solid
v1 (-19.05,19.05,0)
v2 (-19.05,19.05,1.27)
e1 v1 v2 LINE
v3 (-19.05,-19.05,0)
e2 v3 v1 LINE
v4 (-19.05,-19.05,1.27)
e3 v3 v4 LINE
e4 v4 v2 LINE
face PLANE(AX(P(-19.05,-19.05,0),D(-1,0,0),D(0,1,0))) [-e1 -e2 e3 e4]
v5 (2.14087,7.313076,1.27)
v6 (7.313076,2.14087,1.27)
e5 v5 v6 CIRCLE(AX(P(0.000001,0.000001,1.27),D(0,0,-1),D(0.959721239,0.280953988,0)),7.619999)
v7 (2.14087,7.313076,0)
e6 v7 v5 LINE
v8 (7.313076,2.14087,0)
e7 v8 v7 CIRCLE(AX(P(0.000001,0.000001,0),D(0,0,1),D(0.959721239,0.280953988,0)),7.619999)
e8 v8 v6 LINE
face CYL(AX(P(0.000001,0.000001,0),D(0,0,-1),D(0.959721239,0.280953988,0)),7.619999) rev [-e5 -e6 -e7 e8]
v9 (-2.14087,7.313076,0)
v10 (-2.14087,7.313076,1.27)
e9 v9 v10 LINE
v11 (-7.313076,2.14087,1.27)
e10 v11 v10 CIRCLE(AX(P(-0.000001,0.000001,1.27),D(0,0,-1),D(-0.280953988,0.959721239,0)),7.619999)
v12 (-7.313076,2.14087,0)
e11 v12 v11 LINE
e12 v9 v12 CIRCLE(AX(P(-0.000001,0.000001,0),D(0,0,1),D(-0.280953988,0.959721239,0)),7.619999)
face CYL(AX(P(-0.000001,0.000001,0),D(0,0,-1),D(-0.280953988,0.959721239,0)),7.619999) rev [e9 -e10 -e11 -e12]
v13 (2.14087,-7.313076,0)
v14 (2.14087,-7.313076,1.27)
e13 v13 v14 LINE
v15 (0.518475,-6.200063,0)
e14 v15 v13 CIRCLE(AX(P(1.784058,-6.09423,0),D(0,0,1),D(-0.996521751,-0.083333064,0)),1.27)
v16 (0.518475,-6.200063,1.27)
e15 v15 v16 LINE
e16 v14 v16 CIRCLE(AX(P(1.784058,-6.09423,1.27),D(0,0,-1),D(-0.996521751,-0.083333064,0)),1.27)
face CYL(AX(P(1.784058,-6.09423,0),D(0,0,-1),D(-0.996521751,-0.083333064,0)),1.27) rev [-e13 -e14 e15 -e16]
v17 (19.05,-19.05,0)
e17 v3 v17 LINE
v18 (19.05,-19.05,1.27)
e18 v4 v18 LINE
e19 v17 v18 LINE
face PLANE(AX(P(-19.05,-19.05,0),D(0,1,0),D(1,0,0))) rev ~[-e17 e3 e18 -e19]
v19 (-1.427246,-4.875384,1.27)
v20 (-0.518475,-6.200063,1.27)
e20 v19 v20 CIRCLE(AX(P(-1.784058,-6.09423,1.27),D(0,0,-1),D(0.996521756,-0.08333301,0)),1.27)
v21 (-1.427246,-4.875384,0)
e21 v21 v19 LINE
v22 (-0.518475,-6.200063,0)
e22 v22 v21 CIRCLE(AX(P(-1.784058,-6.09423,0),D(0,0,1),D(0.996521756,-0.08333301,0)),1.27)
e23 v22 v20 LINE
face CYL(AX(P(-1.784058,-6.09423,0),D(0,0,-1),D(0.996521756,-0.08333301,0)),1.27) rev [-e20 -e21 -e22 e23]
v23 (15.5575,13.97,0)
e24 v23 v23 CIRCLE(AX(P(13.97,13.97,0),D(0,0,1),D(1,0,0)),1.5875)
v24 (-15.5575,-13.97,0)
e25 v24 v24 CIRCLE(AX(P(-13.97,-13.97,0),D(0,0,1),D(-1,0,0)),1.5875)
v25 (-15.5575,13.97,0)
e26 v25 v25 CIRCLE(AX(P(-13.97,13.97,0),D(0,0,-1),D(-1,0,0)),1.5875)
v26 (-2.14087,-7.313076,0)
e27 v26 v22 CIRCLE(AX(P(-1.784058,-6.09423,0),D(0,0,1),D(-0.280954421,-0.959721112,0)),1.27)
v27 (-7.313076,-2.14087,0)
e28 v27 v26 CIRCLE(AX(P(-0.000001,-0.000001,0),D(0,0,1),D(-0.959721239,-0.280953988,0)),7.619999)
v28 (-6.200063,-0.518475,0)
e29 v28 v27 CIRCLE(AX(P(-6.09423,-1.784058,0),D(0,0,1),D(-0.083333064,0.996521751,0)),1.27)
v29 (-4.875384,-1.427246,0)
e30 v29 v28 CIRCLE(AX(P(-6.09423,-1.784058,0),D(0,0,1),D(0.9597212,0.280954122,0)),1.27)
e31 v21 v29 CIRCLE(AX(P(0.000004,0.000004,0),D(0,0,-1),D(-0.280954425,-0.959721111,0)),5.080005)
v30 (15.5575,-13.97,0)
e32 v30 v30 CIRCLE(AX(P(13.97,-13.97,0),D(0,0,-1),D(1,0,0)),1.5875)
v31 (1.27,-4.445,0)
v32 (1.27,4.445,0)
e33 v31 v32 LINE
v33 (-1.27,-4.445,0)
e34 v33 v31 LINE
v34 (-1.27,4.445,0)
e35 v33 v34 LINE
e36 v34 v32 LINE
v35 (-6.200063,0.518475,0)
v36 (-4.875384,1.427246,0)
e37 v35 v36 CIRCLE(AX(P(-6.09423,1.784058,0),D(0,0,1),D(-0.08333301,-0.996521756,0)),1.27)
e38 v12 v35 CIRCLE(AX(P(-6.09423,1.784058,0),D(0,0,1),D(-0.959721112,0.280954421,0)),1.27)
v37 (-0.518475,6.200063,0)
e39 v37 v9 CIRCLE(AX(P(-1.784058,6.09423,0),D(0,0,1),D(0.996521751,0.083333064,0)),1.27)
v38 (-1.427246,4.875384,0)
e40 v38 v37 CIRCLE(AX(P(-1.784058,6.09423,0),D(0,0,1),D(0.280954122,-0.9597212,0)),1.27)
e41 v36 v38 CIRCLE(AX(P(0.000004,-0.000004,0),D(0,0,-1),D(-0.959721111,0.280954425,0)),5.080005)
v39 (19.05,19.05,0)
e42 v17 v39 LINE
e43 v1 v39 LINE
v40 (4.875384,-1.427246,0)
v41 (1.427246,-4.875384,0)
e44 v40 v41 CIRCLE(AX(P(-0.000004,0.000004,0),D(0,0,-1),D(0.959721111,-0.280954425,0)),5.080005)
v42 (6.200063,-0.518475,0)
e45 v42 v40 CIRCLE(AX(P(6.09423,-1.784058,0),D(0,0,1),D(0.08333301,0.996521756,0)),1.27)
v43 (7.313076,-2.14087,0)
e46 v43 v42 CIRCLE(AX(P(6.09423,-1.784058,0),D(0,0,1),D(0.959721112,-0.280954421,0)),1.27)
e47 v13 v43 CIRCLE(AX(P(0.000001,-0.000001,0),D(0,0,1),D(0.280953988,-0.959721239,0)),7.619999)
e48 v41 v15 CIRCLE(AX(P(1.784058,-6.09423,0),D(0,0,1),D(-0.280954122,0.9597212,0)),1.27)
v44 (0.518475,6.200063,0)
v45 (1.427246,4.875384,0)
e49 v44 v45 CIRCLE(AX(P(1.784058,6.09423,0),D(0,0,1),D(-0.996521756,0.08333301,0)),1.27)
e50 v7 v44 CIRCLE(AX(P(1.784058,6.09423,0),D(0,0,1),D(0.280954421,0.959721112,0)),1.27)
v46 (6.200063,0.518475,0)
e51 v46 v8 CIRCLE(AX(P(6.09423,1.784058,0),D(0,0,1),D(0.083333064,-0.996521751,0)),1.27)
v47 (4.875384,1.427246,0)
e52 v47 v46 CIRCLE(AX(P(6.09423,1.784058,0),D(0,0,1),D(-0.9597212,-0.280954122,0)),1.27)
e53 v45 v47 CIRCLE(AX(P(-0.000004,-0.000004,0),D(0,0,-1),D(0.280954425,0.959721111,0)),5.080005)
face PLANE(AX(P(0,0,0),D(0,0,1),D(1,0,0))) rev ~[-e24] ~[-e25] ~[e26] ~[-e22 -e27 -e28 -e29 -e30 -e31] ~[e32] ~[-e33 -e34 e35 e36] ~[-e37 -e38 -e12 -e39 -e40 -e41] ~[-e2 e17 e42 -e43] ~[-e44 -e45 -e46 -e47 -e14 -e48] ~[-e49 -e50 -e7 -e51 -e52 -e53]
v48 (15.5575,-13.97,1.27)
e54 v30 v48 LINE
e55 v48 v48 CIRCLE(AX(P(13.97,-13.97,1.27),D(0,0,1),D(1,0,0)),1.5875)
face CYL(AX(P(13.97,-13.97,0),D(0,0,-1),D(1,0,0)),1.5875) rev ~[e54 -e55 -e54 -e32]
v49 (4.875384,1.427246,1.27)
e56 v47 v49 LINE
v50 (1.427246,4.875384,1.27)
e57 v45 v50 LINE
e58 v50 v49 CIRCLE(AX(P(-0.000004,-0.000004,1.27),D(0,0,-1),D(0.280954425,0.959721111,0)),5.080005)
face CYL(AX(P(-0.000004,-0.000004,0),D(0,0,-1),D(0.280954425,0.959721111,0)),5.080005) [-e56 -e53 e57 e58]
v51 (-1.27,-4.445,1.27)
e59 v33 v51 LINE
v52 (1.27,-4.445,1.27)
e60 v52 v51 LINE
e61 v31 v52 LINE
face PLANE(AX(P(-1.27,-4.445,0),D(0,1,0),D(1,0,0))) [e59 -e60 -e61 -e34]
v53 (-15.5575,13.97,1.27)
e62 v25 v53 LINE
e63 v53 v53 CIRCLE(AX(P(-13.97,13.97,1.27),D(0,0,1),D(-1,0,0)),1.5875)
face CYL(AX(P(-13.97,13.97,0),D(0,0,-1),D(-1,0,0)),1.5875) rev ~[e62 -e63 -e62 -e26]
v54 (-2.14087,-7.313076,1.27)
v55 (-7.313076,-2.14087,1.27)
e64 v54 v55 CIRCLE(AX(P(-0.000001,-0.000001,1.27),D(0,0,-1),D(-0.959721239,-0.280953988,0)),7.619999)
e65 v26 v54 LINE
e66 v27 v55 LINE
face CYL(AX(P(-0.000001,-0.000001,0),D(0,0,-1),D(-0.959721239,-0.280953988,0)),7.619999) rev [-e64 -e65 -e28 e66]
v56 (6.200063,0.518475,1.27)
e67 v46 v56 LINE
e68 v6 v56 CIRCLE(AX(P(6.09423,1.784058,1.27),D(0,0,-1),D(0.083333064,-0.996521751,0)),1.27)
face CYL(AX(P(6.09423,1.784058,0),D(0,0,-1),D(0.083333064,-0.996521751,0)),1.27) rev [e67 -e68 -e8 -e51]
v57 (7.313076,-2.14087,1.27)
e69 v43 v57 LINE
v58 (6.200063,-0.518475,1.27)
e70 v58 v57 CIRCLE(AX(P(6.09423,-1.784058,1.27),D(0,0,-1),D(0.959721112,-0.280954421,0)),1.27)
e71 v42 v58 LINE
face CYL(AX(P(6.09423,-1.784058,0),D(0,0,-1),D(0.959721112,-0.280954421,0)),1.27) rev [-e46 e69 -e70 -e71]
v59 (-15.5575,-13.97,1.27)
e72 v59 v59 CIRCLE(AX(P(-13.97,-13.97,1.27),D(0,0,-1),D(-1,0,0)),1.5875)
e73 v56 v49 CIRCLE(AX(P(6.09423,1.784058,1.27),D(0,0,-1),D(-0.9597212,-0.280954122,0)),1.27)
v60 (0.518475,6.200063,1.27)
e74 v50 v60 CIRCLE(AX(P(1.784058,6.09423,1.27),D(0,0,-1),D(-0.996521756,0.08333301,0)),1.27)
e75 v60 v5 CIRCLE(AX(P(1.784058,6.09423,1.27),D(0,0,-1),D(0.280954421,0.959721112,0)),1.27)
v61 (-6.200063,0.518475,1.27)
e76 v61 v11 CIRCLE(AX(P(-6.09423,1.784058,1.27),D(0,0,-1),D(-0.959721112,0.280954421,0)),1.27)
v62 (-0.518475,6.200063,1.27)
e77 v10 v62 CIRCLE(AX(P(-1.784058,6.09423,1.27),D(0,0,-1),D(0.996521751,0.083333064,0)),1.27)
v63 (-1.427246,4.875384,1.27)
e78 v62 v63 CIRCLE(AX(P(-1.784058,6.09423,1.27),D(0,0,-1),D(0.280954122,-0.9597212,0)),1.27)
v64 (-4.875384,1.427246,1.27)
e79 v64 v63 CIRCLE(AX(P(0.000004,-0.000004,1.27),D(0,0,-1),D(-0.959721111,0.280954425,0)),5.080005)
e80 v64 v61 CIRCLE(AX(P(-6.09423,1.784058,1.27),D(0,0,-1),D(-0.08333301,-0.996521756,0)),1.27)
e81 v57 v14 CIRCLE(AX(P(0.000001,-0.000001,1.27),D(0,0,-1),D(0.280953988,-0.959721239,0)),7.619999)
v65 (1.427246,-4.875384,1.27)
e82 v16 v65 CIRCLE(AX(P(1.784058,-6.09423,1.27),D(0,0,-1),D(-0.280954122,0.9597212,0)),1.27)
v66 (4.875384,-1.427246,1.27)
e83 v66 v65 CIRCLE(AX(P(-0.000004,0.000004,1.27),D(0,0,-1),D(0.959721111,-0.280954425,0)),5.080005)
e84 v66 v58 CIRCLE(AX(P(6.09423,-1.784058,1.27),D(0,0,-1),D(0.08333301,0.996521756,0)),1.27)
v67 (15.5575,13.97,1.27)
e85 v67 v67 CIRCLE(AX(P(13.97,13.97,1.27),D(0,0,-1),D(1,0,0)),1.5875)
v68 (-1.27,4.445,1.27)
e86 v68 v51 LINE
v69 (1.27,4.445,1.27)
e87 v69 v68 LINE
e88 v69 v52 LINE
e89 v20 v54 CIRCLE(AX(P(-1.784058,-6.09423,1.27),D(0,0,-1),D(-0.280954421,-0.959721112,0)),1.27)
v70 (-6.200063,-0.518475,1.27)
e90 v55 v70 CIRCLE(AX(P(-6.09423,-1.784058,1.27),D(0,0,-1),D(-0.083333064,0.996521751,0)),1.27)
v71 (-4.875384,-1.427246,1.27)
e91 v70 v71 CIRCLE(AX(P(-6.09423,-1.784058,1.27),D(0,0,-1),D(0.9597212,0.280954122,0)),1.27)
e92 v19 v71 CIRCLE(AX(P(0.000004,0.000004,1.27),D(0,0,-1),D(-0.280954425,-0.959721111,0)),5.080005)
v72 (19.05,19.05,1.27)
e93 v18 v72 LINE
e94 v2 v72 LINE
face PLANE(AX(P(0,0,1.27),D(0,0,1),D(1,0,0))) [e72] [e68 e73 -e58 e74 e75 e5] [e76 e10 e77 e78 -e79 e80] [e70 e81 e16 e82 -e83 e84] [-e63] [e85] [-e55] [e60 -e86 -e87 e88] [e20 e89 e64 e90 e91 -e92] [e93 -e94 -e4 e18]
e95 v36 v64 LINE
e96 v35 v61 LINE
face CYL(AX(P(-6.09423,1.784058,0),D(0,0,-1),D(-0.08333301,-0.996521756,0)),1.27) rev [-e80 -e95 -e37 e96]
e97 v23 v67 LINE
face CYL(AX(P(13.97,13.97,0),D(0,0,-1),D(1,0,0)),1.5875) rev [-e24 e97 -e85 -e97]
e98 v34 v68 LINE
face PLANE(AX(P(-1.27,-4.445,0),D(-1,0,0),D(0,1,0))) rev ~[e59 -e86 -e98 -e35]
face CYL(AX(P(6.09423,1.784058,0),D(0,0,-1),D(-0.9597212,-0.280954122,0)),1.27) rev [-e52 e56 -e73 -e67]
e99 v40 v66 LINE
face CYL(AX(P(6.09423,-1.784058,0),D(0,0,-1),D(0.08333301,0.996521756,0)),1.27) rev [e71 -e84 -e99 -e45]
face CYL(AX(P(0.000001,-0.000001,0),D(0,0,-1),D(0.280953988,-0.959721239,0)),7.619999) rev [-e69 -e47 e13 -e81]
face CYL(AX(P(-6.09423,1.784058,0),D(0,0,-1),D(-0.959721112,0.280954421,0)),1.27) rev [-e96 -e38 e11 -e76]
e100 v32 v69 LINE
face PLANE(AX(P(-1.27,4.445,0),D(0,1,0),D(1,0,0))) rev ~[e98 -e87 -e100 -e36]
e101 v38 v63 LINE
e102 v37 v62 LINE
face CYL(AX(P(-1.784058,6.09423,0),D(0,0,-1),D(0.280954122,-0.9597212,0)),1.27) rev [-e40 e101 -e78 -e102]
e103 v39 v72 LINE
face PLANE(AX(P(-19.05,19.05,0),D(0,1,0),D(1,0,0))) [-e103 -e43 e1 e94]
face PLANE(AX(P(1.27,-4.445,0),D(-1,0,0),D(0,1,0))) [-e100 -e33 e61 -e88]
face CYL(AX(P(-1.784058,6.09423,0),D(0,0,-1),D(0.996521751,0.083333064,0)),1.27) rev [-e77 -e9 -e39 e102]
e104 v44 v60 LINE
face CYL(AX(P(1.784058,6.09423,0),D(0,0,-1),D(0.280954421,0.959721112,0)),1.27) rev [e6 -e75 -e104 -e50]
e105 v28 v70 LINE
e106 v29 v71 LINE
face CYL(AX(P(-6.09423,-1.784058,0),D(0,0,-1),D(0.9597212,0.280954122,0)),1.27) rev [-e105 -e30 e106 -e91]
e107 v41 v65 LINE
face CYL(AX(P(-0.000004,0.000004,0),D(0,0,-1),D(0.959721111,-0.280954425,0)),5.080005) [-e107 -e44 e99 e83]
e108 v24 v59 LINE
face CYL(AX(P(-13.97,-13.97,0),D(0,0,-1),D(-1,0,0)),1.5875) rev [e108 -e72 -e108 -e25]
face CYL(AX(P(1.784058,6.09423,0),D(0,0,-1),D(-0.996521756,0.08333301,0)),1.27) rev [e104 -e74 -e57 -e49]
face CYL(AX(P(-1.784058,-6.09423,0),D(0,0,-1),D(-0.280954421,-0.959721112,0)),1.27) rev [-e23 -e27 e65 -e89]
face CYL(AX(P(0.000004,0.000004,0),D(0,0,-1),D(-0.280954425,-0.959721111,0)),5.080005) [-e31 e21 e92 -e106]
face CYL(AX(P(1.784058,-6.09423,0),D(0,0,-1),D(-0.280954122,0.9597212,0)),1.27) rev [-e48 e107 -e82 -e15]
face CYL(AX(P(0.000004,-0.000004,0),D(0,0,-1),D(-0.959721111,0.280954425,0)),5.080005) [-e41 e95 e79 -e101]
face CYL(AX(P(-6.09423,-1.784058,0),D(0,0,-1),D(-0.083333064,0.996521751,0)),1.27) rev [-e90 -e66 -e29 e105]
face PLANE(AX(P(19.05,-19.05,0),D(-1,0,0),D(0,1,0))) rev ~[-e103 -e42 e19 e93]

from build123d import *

# Parameters (mm, degrees)
F0_W     = 38.1
F0_H     = 38.1
F1_DEPTH = 1.27
F2_R     = 1.5875
F3_DEPTH = 25.4
F6_W     = 2.54
F6_H     = 8.89
F7_DEPTH = 25.4


with BuildPart() as f1:
    # F0 (on Top) → F1 (new body)
    with BuildSketch(Plane.XY):
        Rectangle(F0_W, F0_H)
    extrude(amount=F1_DEPTH)

    # F2 (on Top) → F3 (cut)
    with BuildSketch(Plane.XY):
        with Locations((13.97, 13.97)):
            Circle(F2_R)
    extrude(amount=F3_DEPTH, mode=Mode.SUBTRACT)

    # F4: F1 across plane


with BuildPart() as f1_1:
    add(f1.part)
    add(f1.part.mirror(Plane.YZ), mode=Mode.INTERSECT)

    # F5: F1 across plane


with BuildPart() as f1_2:
    add(f1_1.part)
    add(f1_1.part.mirror(Plane.XZ), mode=Mode.INTERSECT)

    # F6 (on Top) → F7 (cut)
    with BuildSketch(Plane.XY):
        with BuildLine():
            ThreePointArc((-6.200063, -0.518475), (-7.141481, -1.065611), (-7.313076, -2.14087))
            ThreePointArc((-7.313076, -2.14087), (-5.388154, -5.388154), (-2.14087, -7.313076))
            ThreePointArc((-2.14087, -7.313076), (-1.065611, -7.141481), (-0.518475, -6.200063))
            ThreePointArc((-0.518475, -6.200063), (-0.736807, -5.375783), (-1.427246, -4.875384))
            ThreePointArc((-1.427246, -4.875384), (-3.592102, -3.592102), (-4.875384, -1.427246))
            ThreePointArc((-4.875384, -1.427246), (-5.375783, -0.736807), (-6.200063, -0.518475))
        make_face()
        with BuildLine():
            ThreePointArc((0.518475, -6.200063), (1.065611, -7.141481), (2.14087, -7.313076))
            ThreePointArc((2.14087, -7.313076), (5.388154, -5.388154), (7.313076, -2.14087))
            ThreePointArc((7.313076, -2.14087), (7.141481, -1.065611), (6.200063, -0.518475))
            ThreePointArc((6.200063, -0.518475), (5.375783, -0.736807), (4.875384, -1.427246))
            ThreePointArc((4.875384, -1.427246), (3.592102, -3.592102), (1.427246, -4.875384))
            ThreePointArc((1.427246, -4.875384), (0.736807, -5.375783), (0.518475, -6.200063))
        make_face()
        with BuildLine():
            ThreePointArc((6.200063, 0.518475), (7.141481, 1.065611), (7.313076, 2.14087))
            ThreePointArc((7.313076, 2.14087), (5.388154, 5.388154), (2.14087, 7.313076))
            ThreePointArc((2.14087, 7.313076), (1.065611, 7.141481), (0.518475, 6.200063))
            ThreePointArc((0.518475, 6.200063), (0.736807, 5.375783), (1.427246, 4.875384))
            ThreePointArc((1.427246, 4.875384), (3.592102, 3.592102), (4.875384, 1.427246))
            ThreePointArc((4.875384, 1.427246), (5.375783, 0.736807), (6.200063, 0.518475))
        make_face()
        with BuildLine():
            ThreePointArc((-0.518475, 6.200063), (-1.065611, 7.141481), (-2.14087, 7.313076))
            ThreePointArc((-2.14087, 7.313076), (-5.388154, 5.388154), (-7.313076, 2.14087))
            ThreePointArc((-7.313076, 2.14087), (-7.141481, 1.065611), (-6.200063, 0.518475))
            ThreePointArc((-6.200063, 0.518475), (-5.375783, 0.736807), (-4.875384, 1.427246))
            ThreePointArc((-4.875384, 1.427246), (-3.592102, 3.592102), (-1.427246, 4.875384))
            ThreePointArc((-1.427246, 4.875384), (-0.736807, 5.375783), (-0.518475, 6.200063))
        make_face()
        Rectangle(F6_W, F6_H)
    extrude(amount=F7_DEPTH, mode=Mode.SUBTRACT)


solid = f1_2.part
